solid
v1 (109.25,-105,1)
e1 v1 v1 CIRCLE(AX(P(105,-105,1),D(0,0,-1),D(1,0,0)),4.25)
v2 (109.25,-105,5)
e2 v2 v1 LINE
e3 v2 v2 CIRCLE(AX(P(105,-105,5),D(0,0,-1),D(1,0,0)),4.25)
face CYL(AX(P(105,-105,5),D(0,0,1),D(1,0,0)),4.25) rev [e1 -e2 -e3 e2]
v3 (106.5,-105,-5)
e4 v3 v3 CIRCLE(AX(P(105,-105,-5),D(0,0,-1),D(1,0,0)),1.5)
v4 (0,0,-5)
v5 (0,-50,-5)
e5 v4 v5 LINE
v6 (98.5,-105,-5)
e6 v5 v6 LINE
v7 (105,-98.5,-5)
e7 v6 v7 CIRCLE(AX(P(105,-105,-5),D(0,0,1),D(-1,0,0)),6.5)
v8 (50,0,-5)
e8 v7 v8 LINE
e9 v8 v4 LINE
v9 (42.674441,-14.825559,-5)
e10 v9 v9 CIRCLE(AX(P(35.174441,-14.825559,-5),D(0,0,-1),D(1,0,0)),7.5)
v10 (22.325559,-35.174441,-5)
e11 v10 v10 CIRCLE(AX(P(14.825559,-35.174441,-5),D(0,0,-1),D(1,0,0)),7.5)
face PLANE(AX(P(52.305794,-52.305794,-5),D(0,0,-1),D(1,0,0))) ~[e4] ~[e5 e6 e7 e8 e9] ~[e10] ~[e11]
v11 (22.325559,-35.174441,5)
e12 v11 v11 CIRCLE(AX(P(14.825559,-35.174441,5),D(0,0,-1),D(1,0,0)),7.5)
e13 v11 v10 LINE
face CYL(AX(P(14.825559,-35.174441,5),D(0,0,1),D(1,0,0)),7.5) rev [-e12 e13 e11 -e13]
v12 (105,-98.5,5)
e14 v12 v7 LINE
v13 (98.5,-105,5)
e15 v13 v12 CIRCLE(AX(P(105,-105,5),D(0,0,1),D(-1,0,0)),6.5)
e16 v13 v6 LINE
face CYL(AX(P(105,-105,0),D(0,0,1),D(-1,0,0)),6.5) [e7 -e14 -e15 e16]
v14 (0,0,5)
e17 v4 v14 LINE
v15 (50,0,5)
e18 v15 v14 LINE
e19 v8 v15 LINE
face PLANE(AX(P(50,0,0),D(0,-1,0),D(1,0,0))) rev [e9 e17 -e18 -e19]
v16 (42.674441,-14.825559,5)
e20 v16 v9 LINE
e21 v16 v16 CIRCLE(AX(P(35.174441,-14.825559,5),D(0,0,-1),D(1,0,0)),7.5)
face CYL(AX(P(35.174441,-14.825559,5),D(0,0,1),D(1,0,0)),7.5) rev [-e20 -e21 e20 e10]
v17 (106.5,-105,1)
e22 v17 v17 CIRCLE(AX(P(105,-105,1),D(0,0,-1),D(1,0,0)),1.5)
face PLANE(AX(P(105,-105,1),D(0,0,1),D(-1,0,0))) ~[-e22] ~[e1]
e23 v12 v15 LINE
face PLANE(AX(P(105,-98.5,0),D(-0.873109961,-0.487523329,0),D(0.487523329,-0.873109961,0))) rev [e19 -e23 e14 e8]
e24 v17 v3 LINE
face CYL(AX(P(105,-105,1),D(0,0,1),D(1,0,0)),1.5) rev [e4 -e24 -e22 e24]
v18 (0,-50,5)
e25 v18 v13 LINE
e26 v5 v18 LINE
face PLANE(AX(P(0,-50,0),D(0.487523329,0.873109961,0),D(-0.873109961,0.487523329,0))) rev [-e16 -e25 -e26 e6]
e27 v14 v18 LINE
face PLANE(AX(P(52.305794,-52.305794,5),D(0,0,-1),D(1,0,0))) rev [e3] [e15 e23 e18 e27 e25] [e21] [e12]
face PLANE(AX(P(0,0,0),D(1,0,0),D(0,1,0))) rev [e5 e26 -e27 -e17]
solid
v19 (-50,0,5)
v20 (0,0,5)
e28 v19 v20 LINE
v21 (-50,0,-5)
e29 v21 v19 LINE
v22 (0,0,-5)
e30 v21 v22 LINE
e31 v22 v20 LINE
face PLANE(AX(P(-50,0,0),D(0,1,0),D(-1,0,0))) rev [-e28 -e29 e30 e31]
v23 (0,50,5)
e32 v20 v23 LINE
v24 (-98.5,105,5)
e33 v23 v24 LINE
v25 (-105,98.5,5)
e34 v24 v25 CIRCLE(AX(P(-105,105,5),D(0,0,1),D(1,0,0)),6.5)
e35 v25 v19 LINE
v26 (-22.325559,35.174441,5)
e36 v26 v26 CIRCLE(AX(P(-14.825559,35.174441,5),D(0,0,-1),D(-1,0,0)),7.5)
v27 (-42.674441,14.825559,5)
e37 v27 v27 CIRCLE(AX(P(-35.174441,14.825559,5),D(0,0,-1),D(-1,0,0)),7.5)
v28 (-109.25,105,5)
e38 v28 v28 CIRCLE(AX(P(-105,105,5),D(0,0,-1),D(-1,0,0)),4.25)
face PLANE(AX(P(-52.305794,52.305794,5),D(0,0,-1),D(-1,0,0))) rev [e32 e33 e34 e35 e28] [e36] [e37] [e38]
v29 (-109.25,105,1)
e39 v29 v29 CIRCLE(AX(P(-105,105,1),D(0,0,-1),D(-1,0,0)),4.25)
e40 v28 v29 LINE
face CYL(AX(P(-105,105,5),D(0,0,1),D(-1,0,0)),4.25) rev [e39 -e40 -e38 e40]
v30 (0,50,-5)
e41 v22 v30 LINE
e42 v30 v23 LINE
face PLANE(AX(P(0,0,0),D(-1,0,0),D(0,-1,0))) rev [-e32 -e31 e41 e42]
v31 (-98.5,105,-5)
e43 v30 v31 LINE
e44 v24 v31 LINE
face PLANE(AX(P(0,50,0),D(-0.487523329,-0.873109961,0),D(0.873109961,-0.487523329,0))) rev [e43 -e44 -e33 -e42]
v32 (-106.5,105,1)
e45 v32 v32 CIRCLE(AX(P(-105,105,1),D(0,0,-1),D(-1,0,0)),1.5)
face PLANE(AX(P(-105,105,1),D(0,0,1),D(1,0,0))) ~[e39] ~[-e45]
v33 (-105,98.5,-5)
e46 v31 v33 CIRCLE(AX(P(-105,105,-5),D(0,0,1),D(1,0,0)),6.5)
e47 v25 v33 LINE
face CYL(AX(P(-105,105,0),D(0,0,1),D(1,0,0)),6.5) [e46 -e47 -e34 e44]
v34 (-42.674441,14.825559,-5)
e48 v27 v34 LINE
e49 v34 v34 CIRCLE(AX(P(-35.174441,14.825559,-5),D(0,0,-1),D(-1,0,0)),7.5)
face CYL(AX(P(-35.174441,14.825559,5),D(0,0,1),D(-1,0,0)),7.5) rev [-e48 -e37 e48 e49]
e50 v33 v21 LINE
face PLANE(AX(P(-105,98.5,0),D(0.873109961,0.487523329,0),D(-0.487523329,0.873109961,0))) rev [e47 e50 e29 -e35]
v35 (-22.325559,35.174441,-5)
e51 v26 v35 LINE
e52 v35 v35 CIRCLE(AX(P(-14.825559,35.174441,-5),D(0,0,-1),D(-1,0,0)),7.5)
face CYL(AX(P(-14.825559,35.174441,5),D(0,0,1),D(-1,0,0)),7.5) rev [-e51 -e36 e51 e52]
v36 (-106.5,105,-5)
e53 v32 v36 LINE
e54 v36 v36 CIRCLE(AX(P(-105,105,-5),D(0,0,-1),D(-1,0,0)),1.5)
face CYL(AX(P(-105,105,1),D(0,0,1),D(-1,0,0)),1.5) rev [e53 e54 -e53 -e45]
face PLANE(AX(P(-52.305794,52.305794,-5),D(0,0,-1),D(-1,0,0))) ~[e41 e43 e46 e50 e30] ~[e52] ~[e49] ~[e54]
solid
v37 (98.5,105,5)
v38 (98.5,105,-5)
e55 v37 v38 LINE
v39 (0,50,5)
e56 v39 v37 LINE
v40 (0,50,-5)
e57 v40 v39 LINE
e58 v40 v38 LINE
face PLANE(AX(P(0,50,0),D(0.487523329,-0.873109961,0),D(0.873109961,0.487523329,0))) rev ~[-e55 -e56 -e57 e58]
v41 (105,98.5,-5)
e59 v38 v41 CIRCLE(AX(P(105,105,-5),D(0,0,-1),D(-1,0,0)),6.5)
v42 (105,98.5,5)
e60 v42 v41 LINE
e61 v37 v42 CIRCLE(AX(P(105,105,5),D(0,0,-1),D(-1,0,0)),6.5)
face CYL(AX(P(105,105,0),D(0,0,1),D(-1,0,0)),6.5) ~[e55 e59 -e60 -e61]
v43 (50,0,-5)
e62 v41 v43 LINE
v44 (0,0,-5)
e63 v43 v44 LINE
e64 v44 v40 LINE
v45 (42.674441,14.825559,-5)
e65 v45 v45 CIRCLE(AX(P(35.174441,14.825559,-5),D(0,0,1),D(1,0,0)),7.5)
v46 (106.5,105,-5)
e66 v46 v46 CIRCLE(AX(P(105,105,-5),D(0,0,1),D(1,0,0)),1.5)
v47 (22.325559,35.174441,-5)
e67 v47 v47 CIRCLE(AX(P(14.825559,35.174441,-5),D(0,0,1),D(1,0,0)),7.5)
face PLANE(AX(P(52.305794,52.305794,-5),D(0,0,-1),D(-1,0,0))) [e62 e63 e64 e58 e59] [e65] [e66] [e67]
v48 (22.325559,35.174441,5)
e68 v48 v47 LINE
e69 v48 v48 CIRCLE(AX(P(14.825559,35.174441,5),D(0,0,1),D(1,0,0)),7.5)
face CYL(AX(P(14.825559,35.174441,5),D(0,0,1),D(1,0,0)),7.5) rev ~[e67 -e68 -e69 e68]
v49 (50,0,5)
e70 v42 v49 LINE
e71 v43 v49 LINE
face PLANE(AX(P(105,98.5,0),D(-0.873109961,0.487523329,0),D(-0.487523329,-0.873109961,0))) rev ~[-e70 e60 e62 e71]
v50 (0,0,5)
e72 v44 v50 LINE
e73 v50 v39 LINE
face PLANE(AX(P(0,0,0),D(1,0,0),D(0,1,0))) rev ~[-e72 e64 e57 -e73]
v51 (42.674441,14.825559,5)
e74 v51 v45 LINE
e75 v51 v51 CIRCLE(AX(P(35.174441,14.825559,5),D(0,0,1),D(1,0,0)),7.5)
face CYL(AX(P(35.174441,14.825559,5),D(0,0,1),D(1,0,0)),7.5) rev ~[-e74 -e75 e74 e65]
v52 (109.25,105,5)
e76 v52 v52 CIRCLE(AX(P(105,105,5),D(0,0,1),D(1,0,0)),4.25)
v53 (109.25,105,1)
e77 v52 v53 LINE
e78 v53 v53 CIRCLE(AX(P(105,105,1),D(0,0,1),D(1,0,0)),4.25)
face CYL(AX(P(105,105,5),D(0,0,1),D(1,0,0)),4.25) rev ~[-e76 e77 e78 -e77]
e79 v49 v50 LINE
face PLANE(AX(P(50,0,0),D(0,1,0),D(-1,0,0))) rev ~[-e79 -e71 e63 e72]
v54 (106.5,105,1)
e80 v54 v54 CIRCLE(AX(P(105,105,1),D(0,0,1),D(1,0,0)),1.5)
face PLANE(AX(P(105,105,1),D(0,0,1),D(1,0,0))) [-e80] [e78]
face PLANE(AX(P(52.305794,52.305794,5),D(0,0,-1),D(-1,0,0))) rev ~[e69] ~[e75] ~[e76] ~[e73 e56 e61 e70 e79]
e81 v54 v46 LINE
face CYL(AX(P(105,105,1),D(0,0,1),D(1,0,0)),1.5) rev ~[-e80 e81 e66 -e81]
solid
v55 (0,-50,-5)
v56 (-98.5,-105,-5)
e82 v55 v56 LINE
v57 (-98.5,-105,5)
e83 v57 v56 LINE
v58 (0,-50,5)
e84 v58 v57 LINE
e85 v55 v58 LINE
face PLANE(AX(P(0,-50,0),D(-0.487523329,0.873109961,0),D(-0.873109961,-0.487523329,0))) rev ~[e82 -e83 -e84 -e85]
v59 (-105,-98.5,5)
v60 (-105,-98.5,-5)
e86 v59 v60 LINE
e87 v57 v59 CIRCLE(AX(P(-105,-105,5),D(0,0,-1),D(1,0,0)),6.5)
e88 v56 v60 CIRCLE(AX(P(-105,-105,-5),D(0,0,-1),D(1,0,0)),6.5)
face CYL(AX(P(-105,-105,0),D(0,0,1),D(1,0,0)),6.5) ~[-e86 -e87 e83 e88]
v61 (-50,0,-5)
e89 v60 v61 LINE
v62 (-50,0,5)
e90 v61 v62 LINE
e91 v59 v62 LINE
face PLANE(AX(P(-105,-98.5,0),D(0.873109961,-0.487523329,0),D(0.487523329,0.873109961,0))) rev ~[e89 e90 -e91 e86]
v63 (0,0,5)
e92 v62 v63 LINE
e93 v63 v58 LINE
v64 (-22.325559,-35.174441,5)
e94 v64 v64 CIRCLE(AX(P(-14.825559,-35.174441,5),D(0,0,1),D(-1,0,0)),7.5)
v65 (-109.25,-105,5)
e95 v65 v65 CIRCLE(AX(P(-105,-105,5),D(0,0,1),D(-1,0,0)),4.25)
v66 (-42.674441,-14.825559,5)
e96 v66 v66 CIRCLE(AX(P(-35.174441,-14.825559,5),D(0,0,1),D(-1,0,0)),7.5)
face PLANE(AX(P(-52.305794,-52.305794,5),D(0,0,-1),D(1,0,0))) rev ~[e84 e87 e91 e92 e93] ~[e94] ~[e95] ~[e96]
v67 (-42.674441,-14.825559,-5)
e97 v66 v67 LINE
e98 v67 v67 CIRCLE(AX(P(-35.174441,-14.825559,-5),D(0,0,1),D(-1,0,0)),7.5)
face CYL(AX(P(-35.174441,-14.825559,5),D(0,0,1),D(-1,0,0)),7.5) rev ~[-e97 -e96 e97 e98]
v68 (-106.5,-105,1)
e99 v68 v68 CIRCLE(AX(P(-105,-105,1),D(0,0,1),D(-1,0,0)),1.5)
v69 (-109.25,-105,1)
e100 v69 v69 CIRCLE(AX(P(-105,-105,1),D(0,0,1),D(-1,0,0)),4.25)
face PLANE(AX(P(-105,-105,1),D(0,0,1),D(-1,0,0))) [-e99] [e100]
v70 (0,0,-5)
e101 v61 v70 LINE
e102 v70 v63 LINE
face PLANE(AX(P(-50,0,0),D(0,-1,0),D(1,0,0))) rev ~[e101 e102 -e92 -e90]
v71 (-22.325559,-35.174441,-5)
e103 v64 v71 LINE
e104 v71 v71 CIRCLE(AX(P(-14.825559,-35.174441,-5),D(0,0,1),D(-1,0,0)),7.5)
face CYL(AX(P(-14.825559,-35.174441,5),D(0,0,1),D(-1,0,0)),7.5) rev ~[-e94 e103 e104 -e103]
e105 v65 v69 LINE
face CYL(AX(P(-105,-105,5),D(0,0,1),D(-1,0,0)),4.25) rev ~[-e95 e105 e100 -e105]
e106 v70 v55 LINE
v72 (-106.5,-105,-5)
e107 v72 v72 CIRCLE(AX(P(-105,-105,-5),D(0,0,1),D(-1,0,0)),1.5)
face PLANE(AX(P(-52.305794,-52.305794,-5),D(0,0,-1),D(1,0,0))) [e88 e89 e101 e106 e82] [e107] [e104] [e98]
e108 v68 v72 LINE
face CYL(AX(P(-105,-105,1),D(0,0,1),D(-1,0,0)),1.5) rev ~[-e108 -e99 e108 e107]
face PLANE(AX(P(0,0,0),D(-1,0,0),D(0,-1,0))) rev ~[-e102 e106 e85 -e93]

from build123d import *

# Parameters (mm, degrees)
RESSALTO_EXTRUS_O2_DEPTH = 5
ESBO_O4_R                = 4.25
CORTE_EXTRUS_O1_DEPTH    = 4
ESBO_O5_R                = 1.5
CORTE_EXTRUS_O2_DEPTH    = 7
ESBO_O6_R                = 7.5
CORTE_EXTRUS_O3_DEPTH    = 11


with BuildPart() as part:
    # Esboço3 → Ressalto-extrusão2 (new body, symmetric)
    with BuildSketch(Plane.XY):
        with BuildLine():
            Line((0, 50), (98.5, 105))
            ThreePointArc((98.5, 105), (109.596194078, 109.596194078), (105, 98.5))
            Line((105, 98.5), (50, 0))
            Line((50, 0), (0, 0))
            Line((0, 0), (0, 50))
        make_face()
    extrude(amount=RESSALTO_EXTRUS_O2_DEPTH, both=True)

    # Esboço4 → Corte-extrusão1 (cut)
    with BuildSketch(Plane.XY.offset(5)):
        with Locations((105, 105)):
            Circle(ESBO_O4_R)
    extrude(amount=-CORTE_EXTRUS_O1_DEPTH, mode=Mode.SUBTRACT)

    # Esboço5 → Corte-extrusão2 (cut, through all)
    with BuildSketch(Plane.XY.offset(1)):
        with Locations((105, 105)):
            Circle(ESBO_O5_R)
    extrude(amount=-CORTE_EXTRUS_O2_DEPTH, mode=Mode.SUBTRACT)

    # Esboço6 → Corte-extrusão3 (cut, through all)
    with BuildSketch(Plane.XY.offset(5)):
        with Locations((14.825558834, 35.174441166)):
            Circle(ESBO_O6_R)
        with Locations((35.174441166, 14.825558834)):
            Circle(ESBO_O6_R)
    extrude(amount=-CORTE_EXTRUS_O3_DEPTH, mode=Mode.SUBTRACT)


with BuildPart() as body_2:
    # Espelhar1: mirrored copy
    add(part.part.mirror(Plane(origin=(0, 0, 5), x_dir=(0, 0, 1), z_dir=(0, 1, 0))))


with BuildPart() as body_3:
    # Espelhar2: mirrored copy
    add(body_2.part.mirror(Plane(origin=(0, 0, 5), x_dir=(0, 0, 1), z_dir=(1, 0, 0))))


with BuildPart() as body_4:
    # Espelhar2 2: mirrored copy
    add(part.part.mirror(Plane(origin=(0, 0, 5), x_dir=(0, 0, 1), z_dir=(1, 0, 0))))


solid = Compound([part.part, body_2.part, body_3.part, body_4.part])
